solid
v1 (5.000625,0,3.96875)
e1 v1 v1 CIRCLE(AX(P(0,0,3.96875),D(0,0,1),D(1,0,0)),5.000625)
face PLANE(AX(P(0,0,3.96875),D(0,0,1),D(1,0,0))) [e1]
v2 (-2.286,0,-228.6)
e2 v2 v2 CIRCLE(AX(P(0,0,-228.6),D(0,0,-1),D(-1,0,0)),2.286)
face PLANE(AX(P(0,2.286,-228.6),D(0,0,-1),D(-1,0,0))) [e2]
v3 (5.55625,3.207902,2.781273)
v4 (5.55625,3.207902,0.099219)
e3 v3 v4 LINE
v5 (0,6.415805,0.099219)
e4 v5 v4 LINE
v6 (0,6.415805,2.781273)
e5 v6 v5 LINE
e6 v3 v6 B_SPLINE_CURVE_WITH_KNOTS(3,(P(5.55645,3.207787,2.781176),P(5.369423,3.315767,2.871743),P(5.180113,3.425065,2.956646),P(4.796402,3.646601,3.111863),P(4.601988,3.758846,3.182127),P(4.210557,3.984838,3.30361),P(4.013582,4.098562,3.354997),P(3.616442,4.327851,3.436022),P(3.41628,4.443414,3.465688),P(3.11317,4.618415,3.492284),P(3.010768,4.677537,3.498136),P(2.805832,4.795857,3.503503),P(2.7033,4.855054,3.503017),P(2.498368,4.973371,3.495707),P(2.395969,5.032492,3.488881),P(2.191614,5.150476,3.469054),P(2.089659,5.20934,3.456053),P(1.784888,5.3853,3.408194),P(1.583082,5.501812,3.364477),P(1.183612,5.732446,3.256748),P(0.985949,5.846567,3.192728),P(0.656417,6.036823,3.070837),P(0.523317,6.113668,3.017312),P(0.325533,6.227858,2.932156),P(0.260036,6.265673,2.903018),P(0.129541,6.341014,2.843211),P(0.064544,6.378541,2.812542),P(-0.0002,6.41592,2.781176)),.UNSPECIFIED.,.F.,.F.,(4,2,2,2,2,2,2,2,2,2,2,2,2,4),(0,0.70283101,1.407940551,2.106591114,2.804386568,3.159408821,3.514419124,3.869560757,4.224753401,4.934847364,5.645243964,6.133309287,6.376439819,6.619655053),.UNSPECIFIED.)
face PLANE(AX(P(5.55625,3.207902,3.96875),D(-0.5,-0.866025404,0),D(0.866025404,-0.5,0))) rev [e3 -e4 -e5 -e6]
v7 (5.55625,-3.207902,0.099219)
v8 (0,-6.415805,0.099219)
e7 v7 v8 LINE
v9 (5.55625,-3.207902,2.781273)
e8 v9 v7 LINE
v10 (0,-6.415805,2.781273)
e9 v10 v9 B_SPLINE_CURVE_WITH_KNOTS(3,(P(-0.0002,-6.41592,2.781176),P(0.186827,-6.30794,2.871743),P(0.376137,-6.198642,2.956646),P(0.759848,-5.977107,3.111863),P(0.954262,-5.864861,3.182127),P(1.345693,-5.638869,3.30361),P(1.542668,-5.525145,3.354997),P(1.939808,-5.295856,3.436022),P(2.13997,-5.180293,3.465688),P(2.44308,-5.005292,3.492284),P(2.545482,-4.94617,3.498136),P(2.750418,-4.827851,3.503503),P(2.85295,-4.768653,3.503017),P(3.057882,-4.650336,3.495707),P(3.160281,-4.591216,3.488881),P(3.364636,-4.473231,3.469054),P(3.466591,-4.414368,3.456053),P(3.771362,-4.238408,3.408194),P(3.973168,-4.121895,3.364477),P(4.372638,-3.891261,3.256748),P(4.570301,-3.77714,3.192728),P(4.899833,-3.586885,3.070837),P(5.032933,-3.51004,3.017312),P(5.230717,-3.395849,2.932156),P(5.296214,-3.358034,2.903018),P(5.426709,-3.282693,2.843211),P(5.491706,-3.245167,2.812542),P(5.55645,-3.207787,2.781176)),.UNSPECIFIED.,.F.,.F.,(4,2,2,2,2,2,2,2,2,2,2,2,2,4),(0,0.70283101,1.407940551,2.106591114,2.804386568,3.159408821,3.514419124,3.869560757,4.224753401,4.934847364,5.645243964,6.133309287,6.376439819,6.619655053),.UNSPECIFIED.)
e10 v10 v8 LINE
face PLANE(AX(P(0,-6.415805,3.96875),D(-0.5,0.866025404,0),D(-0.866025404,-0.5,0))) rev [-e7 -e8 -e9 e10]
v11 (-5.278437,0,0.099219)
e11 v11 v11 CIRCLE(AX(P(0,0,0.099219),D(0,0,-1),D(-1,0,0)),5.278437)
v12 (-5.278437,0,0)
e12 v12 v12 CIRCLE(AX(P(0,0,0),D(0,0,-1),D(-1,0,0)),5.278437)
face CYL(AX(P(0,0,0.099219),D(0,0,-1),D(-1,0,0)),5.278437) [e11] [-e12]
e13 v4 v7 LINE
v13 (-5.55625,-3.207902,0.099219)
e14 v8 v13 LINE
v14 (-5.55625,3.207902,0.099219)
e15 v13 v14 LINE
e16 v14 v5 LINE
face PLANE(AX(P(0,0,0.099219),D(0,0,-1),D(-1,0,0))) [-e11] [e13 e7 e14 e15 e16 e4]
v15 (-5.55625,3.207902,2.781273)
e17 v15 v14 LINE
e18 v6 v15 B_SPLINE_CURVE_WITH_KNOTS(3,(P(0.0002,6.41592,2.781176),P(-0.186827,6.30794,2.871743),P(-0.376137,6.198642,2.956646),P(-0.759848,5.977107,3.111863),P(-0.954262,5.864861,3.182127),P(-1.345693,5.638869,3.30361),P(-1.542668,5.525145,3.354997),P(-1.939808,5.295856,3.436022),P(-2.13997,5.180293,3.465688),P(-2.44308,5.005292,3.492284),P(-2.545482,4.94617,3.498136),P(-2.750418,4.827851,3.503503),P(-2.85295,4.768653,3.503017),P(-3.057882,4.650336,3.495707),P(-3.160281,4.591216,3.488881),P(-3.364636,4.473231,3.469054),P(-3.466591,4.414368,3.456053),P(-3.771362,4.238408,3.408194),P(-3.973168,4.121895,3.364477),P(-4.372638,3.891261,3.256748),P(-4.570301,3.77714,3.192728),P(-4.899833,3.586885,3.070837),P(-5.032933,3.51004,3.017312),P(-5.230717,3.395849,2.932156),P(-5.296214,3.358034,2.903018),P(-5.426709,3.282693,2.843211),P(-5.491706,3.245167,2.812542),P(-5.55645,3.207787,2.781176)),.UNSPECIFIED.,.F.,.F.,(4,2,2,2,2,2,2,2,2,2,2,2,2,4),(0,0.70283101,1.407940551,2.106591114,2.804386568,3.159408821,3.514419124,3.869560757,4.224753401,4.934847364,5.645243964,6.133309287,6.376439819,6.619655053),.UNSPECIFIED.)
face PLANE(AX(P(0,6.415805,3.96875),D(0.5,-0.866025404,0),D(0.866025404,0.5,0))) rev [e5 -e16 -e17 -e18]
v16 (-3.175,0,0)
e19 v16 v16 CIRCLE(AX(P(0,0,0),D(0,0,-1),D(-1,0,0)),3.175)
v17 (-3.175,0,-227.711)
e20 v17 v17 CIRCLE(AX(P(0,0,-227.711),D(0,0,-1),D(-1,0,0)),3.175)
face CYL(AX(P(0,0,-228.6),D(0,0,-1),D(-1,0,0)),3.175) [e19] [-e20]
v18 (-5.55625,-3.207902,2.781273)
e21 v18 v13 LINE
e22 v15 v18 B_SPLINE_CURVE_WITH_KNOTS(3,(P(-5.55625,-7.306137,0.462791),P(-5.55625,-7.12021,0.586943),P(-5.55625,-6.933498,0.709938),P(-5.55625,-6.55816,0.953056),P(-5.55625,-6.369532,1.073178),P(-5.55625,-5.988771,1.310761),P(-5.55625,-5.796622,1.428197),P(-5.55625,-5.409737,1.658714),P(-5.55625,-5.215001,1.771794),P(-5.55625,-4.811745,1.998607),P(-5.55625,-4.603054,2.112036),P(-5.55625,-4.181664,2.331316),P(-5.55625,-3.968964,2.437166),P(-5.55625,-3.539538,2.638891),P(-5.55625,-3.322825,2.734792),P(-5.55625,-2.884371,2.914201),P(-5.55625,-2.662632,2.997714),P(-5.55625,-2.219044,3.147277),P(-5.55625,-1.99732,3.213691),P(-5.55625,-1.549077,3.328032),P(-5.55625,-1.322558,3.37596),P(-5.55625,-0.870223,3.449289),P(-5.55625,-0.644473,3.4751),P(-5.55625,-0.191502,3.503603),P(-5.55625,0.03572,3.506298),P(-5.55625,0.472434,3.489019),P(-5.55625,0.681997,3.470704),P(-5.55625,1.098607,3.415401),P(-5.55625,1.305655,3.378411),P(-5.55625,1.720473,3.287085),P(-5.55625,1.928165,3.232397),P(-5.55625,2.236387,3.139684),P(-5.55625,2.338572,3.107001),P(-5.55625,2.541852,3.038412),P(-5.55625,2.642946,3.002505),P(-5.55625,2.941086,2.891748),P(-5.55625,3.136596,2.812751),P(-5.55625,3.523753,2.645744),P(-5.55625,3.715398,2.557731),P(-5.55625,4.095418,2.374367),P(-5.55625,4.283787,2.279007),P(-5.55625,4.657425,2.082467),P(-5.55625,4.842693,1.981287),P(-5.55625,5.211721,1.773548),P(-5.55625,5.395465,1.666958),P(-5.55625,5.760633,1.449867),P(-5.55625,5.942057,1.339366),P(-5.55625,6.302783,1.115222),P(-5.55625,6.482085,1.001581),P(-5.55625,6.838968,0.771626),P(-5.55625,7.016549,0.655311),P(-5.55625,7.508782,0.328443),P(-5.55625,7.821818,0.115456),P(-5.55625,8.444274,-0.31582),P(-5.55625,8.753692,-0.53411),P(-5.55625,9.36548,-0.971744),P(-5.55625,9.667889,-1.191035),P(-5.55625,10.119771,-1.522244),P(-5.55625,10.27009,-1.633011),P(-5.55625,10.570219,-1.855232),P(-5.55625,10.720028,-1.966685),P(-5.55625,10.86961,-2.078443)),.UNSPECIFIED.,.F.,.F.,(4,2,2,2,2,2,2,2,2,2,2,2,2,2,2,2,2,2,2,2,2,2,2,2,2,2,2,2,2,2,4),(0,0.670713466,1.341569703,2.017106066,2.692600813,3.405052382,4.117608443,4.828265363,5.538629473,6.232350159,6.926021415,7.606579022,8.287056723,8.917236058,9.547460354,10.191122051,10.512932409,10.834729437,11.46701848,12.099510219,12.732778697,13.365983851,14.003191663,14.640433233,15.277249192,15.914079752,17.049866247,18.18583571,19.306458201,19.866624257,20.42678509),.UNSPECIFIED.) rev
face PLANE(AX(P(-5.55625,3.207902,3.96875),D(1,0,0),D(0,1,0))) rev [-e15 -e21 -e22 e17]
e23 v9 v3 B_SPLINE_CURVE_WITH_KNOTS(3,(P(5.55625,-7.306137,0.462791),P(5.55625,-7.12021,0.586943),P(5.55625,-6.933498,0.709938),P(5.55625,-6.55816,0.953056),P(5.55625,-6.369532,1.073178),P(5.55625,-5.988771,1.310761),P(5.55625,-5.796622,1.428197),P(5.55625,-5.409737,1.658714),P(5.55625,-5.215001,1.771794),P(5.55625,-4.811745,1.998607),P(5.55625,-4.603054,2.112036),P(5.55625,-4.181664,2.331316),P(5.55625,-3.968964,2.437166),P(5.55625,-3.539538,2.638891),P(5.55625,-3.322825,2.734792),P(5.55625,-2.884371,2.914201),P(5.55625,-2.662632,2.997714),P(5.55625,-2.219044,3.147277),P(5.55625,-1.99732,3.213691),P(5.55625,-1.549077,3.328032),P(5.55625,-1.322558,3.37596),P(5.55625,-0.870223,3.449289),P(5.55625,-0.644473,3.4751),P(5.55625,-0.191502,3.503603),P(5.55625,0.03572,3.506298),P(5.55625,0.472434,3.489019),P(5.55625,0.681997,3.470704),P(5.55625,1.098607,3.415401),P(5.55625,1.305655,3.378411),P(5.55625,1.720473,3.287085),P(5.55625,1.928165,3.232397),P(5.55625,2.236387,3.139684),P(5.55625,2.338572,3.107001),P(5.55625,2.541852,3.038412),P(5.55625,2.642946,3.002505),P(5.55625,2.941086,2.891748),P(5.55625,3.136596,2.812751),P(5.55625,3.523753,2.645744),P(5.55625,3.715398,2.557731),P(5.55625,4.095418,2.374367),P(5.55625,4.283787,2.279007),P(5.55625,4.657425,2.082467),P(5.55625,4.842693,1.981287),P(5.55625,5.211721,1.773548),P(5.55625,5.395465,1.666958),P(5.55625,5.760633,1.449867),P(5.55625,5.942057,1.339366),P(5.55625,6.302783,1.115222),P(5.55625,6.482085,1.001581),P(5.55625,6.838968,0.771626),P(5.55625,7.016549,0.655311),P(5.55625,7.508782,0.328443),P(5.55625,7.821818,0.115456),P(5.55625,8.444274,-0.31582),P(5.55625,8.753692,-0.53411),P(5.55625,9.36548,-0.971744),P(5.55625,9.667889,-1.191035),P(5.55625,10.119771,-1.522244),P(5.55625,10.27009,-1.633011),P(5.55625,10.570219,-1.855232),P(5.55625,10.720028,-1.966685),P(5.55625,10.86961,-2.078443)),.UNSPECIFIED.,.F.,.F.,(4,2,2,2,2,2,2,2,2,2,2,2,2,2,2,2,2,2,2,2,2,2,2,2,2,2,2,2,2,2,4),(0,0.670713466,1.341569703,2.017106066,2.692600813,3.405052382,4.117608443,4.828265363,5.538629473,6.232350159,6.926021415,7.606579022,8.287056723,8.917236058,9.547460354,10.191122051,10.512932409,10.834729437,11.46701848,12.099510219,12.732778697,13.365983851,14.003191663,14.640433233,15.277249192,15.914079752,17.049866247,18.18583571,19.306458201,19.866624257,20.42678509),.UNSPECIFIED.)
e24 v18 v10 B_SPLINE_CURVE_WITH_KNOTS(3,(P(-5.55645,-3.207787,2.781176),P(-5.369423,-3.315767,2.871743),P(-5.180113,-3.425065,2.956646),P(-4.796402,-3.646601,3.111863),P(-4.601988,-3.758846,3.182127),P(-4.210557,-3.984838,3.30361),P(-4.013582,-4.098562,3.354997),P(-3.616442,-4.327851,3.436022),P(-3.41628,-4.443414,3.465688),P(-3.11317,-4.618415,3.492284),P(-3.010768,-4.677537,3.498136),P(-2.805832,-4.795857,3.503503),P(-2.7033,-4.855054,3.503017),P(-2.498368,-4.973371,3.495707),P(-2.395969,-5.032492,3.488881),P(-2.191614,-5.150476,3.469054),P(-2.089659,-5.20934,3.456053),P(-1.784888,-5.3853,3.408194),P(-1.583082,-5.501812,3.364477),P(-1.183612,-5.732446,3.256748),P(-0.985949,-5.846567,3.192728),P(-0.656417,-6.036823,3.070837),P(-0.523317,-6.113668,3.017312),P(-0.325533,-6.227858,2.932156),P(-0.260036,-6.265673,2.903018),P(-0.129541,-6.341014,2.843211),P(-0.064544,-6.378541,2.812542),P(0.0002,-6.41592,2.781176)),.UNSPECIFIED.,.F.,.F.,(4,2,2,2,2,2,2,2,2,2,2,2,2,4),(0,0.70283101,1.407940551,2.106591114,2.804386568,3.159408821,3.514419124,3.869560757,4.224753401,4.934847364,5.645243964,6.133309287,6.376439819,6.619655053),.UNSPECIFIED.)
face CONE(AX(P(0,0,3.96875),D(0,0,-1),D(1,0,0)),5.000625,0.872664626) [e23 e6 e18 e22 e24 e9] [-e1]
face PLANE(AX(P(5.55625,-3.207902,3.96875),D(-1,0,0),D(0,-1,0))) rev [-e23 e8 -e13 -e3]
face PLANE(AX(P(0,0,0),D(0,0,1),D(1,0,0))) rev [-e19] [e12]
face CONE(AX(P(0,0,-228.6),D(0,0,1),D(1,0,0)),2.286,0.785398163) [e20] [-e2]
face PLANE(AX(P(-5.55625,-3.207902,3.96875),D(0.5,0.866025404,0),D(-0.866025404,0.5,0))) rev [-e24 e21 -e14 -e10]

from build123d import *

# Parameters (mm, degrees)
BOSS_EXTRUDE1_DEPTH = 3.96875
SKETCH4_OUTSIDE_W   = 616.832
SKETCH4_OUTSIDE_H   = 618.552
SKETCH4_OUTSIDE_R   = 5.000625
CUT_EXTRUDE1_DEPTH  = 233.723565508
CUT_EXTRUDE1_DRAFT  = -50
SKETCH9_R           = 6.415804866
SKETCH9_R_2         = 5.2784375
CUT_EXTRUDE2_DEPTH  = 0.09921875


with BuildPart() as part:
    # Sketch2 → Revolve1 (revolve)
    with BuildSketch(Plane(origin=(0, 0, 0), x_dir=(0, 0, -1), z_dir=(1, 0, 0)), mode=Mode.PRIVATE) as revolve1_sk:
        Polygon((228.6, 0), (0, 0), (0, 3.175), (227.711, 3.175), (228.6, 2.286), align=None)
    revolve(revolve1_sk.sketch.rotate(Axis((0, 0, -228.6), (0, 0, 1)), 90), axis=Axis((0, 0, -228.6), (0, 0, 1)))

    # Sketch3 → Boss-Extrude1 (add)
    with BuildSketch(Plane.XY):
        Polygon((0, 6.415804866), (-5.55625, 3.207902433), (-5.55625, -3.207902433), (0, -6.415804866), (5.55625, -3.207902433), (5.55625, 3.207902433), align=None)
    extrude(amount=BOSS_EXTRUDE1_DEPTH)


with BuildPart() as cut_extrude1_tool:
    # Sketch4 outside → Cut-Extrude1 (with draft: the straight prism first)
    with BuildSketch(Plane.XY.offset(3.96875)):
        Rectangle(SKETCH4_OUTSIDE_W, SKETCH4_OUTSIDE_H)
        Circle(SKETCH4_OUTSIDE_R, mode=Mode.SUBTRACT)
    extrude(amount=-CUT_EXTRUDE1_DEPTH)
    # Cut-Extrude1: the draft: its side faces are tilted about the plane it starts from
    cut_extrude1_sides = [cut_extrude1_tool.faces().sort_by_distance(p)[0] for p in [
        (0, -309.276, -112.893032754),
        (308.416, 0, -112.893032754),
        (0, 309.276, -112.893032754),
        (-308.416, 0, -112.893032754),
        (-5.000625, 0, -112.893032754),
    ]]
    draft(cut_extrude1_sides, Plane.XY.offset(3.96875), CUT_EXTRUDE1_DRAFT)


with BuildPart() as part_1:
    add(part.part)

    # Cut-Extrude1: cut by cut_extrude1_tool
    add(cut_extrude1_tool.part, mode=Mode.SUBTRACT)

    # Sketch9 → Cut-Extrude2 (cut)
    with BuildSketch(Plane(origin=(0, 0, 0), x_dir=(-1, 0, 0), z_dir=(0, 0, -1))):
        Circle(SKETCH9_R)
        Circle(SKETCH9_R_2, mode=Mode.SUBTRACT)
    extrude(amount=-CUT_EXTRUDE2_DEPTH, mode=Mode.SUBTRACT)


solid = part_1.part
